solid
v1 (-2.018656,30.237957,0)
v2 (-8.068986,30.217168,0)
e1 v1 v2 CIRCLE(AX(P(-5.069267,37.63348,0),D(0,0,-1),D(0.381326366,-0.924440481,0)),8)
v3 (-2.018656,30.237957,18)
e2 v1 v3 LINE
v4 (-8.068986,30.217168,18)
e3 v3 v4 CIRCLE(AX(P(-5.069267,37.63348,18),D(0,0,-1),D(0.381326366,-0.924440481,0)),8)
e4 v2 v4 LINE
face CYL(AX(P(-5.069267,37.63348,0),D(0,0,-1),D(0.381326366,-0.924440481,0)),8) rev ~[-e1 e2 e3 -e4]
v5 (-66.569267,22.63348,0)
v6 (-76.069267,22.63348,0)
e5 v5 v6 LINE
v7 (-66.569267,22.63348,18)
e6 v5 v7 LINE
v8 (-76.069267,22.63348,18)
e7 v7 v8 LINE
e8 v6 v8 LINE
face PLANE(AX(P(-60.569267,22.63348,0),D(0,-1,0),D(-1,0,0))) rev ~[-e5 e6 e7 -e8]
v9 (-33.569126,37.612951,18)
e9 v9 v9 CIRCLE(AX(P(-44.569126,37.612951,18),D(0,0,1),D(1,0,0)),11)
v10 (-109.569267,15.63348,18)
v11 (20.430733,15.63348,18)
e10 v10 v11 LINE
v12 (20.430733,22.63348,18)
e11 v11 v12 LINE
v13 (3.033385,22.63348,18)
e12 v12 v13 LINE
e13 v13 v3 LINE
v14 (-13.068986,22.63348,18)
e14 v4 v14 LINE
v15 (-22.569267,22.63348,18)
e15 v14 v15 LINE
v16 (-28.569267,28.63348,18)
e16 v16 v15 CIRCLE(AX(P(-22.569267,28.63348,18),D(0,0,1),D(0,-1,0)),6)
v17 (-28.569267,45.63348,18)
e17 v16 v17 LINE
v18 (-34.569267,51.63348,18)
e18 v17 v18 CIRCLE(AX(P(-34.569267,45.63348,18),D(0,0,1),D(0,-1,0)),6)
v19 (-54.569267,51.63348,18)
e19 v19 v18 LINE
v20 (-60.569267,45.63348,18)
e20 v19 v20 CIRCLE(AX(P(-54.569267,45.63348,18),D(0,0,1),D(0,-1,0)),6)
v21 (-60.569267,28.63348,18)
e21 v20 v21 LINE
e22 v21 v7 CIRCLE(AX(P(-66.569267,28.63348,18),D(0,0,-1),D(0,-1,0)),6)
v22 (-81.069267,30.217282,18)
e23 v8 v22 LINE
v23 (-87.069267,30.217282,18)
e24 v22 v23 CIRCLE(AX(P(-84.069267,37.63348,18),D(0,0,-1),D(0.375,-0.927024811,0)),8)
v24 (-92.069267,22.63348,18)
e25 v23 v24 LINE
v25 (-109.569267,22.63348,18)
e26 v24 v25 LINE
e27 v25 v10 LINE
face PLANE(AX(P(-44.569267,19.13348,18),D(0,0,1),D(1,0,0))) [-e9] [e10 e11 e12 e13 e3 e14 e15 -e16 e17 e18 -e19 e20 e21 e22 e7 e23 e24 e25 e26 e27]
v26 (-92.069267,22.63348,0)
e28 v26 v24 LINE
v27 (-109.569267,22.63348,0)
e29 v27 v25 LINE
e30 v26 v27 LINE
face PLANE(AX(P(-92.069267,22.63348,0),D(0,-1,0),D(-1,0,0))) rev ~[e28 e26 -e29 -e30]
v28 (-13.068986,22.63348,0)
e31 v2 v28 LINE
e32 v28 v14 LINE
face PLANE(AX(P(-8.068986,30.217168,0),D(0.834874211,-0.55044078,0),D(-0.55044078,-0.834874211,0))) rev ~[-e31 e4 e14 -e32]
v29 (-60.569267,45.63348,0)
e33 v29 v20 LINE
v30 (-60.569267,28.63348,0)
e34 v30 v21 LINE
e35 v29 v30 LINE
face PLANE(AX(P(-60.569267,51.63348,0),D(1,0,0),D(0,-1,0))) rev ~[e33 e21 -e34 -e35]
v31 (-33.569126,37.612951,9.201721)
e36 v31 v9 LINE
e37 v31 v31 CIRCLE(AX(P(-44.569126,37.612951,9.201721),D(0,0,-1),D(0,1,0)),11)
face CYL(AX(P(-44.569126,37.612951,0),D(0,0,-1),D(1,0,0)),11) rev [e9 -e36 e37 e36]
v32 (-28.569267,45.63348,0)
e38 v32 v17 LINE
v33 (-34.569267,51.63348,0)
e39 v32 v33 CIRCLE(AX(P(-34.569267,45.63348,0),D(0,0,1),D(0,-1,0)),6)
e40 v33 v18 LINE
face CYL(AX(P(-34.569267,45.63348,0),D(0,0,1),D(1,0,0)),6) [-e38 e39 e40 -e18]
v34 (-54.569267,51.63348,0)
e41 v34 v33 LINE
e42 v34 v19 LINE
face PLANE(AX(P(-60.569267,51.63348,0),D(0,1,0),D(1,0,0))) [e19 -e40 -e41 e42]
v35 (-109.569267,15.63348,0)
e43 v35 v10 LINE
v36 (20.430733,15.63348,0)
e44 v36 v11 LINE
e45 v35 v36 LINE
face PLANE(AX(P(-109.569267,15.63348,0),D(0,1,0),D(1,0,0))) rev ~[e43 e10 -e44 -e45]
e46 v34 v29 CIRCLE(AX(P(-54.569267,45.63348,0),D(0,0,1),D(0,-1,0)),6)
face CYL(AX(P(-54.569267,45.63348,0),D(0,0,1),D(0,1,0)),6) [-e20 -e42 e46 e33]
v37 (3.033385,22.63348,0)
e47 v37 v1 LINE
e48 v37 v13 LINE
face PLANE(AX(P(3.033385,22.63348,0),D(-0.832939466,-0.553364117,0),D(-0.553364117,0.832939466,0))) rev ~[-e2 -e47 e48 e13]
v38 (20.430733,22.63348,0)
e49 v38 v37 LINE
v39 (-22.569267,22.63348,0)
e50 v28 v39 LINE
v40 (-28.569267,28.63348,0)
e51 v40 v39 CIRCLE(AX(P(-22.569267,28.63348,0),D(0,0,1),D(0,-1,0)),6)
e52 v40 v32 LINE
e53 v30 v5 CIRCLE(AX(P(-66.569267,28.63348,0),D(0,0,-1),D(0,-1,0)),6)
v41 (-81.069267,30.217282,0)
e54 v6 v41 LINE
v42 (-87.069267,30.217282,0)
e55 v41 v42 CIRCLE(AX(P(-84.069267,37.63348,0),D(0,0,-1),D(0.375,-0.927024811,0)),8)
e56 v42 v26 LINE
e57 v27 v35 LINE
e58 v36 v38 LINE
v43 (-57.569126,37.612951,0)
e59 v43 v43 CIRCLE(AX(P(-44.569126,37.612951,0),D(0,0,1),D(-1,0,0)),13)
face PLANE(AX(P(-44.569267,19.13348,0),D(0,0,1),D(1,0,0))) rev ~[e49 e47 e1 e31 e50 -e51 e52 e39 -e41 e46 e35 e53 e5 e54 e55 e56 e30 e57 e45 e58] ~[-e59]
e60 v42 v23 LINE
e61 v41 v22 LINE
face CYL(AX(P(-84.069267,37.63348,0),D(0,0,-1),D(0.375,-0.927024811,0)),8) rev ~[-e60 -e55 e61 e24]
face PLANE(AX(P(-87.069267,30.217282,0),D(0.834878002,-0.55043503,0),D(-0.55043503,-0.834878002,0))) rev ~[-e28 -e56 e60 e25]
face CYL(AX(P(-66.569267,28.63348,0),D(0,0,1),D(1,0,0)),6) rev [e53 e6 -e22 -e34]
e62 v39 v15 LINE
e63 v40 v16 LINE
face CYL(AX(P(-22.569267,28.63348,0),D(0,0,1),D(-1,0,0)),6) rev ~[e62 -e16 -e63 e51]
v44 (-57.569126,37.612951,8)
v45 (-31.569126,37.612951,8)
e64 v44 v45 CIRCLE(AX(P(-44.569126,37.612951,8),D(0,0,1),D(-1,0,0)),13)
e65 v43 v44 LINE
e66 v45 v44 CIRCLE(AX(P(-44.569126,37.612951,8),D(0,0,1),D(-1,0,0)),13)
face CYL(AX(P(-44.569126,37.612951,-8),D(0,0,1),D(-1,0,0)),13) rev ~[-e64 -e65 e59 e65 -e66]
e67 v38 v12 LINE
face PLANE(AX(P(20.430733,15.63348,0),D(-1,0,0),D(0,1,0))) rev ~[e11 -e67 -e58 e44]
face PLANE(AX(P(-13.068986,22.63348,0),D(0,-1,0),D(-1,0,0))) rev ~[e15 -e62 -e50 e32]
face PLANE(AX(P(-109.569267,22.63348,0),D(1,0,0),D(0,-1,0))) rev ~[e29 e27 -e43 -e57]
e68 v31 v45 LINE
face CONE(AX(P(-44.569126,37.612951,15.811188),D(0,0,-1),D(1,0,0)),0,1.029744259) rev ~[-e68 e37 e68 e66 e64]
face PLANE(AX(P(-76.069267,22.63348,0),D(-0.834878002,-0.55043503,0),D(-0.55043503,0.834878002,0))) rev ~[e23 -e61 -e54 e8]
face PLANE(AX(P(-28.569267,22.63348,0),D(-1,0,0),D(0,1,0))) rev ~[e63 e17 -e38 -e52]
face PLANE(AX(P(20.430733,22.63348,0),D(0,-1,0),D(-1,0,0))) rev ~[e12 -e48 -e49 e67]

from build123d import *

# Parameters (mm, degrees)
F0_W     = 32
F0_H     = 7
F0_H_2   = 29
F0_R     = 13
F0_R_2   = 11
F1_DEPTH = 18
F2_D     = 26
F2_DEPTH = 8
F2_TIP   = 7.8111880474
F3_R     = 6


with BuildPart() as f1:
    # F0 (on Top) → F1 (new body)
    with BuildSketch(Plane.XY):
        with Locations((-44.5692668381, 19.1334804479)):
            Rectangle(F0_W, F0_H)
        with Locations((-44.5692668381, 37.1334804479)):
            Rectangle(F0_W, F0_H_2)
        with Locations((-44.5691263461, 37.6129510462)):
            Circle(F0_R, mode=Mode.SUBTRACT)
        Polygon((-92.0692668381, 22.6334804479), (-109.5692668381, 22.6334804479), (-109.5692668381, 15.6334804479), (-60.5692668381, 15.6334804479), (-60.5692668381, 22.6334804479), (-76.0692668381, 22.6334804479), (-81.0692668381, 22.6334804479), (-87.0692668381, 22.6334804479), align=None)
        Polygon((-13.0689858541, 22.6334804479), (-28.5692668381, 22.6334804479), (-28.5692668381, 15.6334804479), (20.4307331619, 15.6334804479), (20.4307331619, 22.6334804479), (3.0333849776, 22.6334804479), (-1.9666150224, 22.6334804479), (-8.0689858541, 22.6334804479), align=None)
        with Locations((-44.5691263461, 37.6129510462)):
            Circle(F0_R)
        with Locations((-44.5691263461, 37.6129510462)):
            Circle(F0_R_2, mode=Mode.SUBTRACT)
        Polygon((-81.0692668381, 22.6334804479), (-76.0692668381, 22.6334804479), (-81.0692668381, 30.2172819608), align=None)
        with BuildLine():
            Line((-87.0692668381, 30.2172819608), (-87.0692668381, 22.6334804479))
            Line((-87.0692668381, 22.6334804479), (-81.0692668381, 22.6334804479))
            Line((-81.0692668381, 22.6334804479), (-81.0692668381, 30.2172819608))
            ThreePointArc((-81.0692668381, 30.2172819608), (-84.0692668381, 29.6334804479), (-87.0692668381, 30.2172819608))
        make_face()
        Polygon((-87.0692668381, 30.2172819608), (-92.0692668381, 22.6334804479), (-87.0692668381, 22.6334804479), align=None)
        Polygon((-8.0689858541, 30.2171683033), (-13.0689858541, 22.6334804479), (-8.0689858541, 22.6334804479), align=None)
        with BuildLine():
            Line((-8.0689858541, 30.2171683033), (-8.0689858541, 22.6334804479))
            Line((-8.0689858541, 22.6334804479), (-1.9666150224, 22.6334804479))
            Line((-1.9666150224, 22.6334804479), (-2.018655908, 30.2379566021))
            ThreePointArc((-2.018655908, 30.2379566021), (-5.0417798399, 29.633527669), (-8.0689858541, 30.2171683033))
        make_face()
        Polygon((-1.9666150224, 22.6334804479), (3.0333849776, 22.6334804479), (-2.018655908, 30.2379566021), align=None)
    extrude(amount=F1_DEPTH)

    # F2
    with Locations(Plane(origin=(0, 0, 0), x_dir=(1, 0, 0), z_dir=(0, 0, -1))):
        with Locations((-44.5691263461, -37.6129510462)):
            Hole(F2_D / 2, depth=F2_DEPTH)
            with Locations((0, 0, -(F2_DEPTH + F2_TIP / 2))):  # 118° drill point
                Cone(0, F2_D / 2, F2_TIP, mode=Mode.SUBTRACT)

    # F3
    f3_edges = [f1.edges().sort_by_distance(p)[0] for p in [
        (-60.569267, 22.63348, 9),
        (-28.569267, 22.63348, 9),
        (-60.569267, 51.63348, 9),
        (-28.569267, 51.63348, 9),
    ]]
    fillet(f3_edges, radius=F3_R)


solid = f1.part
